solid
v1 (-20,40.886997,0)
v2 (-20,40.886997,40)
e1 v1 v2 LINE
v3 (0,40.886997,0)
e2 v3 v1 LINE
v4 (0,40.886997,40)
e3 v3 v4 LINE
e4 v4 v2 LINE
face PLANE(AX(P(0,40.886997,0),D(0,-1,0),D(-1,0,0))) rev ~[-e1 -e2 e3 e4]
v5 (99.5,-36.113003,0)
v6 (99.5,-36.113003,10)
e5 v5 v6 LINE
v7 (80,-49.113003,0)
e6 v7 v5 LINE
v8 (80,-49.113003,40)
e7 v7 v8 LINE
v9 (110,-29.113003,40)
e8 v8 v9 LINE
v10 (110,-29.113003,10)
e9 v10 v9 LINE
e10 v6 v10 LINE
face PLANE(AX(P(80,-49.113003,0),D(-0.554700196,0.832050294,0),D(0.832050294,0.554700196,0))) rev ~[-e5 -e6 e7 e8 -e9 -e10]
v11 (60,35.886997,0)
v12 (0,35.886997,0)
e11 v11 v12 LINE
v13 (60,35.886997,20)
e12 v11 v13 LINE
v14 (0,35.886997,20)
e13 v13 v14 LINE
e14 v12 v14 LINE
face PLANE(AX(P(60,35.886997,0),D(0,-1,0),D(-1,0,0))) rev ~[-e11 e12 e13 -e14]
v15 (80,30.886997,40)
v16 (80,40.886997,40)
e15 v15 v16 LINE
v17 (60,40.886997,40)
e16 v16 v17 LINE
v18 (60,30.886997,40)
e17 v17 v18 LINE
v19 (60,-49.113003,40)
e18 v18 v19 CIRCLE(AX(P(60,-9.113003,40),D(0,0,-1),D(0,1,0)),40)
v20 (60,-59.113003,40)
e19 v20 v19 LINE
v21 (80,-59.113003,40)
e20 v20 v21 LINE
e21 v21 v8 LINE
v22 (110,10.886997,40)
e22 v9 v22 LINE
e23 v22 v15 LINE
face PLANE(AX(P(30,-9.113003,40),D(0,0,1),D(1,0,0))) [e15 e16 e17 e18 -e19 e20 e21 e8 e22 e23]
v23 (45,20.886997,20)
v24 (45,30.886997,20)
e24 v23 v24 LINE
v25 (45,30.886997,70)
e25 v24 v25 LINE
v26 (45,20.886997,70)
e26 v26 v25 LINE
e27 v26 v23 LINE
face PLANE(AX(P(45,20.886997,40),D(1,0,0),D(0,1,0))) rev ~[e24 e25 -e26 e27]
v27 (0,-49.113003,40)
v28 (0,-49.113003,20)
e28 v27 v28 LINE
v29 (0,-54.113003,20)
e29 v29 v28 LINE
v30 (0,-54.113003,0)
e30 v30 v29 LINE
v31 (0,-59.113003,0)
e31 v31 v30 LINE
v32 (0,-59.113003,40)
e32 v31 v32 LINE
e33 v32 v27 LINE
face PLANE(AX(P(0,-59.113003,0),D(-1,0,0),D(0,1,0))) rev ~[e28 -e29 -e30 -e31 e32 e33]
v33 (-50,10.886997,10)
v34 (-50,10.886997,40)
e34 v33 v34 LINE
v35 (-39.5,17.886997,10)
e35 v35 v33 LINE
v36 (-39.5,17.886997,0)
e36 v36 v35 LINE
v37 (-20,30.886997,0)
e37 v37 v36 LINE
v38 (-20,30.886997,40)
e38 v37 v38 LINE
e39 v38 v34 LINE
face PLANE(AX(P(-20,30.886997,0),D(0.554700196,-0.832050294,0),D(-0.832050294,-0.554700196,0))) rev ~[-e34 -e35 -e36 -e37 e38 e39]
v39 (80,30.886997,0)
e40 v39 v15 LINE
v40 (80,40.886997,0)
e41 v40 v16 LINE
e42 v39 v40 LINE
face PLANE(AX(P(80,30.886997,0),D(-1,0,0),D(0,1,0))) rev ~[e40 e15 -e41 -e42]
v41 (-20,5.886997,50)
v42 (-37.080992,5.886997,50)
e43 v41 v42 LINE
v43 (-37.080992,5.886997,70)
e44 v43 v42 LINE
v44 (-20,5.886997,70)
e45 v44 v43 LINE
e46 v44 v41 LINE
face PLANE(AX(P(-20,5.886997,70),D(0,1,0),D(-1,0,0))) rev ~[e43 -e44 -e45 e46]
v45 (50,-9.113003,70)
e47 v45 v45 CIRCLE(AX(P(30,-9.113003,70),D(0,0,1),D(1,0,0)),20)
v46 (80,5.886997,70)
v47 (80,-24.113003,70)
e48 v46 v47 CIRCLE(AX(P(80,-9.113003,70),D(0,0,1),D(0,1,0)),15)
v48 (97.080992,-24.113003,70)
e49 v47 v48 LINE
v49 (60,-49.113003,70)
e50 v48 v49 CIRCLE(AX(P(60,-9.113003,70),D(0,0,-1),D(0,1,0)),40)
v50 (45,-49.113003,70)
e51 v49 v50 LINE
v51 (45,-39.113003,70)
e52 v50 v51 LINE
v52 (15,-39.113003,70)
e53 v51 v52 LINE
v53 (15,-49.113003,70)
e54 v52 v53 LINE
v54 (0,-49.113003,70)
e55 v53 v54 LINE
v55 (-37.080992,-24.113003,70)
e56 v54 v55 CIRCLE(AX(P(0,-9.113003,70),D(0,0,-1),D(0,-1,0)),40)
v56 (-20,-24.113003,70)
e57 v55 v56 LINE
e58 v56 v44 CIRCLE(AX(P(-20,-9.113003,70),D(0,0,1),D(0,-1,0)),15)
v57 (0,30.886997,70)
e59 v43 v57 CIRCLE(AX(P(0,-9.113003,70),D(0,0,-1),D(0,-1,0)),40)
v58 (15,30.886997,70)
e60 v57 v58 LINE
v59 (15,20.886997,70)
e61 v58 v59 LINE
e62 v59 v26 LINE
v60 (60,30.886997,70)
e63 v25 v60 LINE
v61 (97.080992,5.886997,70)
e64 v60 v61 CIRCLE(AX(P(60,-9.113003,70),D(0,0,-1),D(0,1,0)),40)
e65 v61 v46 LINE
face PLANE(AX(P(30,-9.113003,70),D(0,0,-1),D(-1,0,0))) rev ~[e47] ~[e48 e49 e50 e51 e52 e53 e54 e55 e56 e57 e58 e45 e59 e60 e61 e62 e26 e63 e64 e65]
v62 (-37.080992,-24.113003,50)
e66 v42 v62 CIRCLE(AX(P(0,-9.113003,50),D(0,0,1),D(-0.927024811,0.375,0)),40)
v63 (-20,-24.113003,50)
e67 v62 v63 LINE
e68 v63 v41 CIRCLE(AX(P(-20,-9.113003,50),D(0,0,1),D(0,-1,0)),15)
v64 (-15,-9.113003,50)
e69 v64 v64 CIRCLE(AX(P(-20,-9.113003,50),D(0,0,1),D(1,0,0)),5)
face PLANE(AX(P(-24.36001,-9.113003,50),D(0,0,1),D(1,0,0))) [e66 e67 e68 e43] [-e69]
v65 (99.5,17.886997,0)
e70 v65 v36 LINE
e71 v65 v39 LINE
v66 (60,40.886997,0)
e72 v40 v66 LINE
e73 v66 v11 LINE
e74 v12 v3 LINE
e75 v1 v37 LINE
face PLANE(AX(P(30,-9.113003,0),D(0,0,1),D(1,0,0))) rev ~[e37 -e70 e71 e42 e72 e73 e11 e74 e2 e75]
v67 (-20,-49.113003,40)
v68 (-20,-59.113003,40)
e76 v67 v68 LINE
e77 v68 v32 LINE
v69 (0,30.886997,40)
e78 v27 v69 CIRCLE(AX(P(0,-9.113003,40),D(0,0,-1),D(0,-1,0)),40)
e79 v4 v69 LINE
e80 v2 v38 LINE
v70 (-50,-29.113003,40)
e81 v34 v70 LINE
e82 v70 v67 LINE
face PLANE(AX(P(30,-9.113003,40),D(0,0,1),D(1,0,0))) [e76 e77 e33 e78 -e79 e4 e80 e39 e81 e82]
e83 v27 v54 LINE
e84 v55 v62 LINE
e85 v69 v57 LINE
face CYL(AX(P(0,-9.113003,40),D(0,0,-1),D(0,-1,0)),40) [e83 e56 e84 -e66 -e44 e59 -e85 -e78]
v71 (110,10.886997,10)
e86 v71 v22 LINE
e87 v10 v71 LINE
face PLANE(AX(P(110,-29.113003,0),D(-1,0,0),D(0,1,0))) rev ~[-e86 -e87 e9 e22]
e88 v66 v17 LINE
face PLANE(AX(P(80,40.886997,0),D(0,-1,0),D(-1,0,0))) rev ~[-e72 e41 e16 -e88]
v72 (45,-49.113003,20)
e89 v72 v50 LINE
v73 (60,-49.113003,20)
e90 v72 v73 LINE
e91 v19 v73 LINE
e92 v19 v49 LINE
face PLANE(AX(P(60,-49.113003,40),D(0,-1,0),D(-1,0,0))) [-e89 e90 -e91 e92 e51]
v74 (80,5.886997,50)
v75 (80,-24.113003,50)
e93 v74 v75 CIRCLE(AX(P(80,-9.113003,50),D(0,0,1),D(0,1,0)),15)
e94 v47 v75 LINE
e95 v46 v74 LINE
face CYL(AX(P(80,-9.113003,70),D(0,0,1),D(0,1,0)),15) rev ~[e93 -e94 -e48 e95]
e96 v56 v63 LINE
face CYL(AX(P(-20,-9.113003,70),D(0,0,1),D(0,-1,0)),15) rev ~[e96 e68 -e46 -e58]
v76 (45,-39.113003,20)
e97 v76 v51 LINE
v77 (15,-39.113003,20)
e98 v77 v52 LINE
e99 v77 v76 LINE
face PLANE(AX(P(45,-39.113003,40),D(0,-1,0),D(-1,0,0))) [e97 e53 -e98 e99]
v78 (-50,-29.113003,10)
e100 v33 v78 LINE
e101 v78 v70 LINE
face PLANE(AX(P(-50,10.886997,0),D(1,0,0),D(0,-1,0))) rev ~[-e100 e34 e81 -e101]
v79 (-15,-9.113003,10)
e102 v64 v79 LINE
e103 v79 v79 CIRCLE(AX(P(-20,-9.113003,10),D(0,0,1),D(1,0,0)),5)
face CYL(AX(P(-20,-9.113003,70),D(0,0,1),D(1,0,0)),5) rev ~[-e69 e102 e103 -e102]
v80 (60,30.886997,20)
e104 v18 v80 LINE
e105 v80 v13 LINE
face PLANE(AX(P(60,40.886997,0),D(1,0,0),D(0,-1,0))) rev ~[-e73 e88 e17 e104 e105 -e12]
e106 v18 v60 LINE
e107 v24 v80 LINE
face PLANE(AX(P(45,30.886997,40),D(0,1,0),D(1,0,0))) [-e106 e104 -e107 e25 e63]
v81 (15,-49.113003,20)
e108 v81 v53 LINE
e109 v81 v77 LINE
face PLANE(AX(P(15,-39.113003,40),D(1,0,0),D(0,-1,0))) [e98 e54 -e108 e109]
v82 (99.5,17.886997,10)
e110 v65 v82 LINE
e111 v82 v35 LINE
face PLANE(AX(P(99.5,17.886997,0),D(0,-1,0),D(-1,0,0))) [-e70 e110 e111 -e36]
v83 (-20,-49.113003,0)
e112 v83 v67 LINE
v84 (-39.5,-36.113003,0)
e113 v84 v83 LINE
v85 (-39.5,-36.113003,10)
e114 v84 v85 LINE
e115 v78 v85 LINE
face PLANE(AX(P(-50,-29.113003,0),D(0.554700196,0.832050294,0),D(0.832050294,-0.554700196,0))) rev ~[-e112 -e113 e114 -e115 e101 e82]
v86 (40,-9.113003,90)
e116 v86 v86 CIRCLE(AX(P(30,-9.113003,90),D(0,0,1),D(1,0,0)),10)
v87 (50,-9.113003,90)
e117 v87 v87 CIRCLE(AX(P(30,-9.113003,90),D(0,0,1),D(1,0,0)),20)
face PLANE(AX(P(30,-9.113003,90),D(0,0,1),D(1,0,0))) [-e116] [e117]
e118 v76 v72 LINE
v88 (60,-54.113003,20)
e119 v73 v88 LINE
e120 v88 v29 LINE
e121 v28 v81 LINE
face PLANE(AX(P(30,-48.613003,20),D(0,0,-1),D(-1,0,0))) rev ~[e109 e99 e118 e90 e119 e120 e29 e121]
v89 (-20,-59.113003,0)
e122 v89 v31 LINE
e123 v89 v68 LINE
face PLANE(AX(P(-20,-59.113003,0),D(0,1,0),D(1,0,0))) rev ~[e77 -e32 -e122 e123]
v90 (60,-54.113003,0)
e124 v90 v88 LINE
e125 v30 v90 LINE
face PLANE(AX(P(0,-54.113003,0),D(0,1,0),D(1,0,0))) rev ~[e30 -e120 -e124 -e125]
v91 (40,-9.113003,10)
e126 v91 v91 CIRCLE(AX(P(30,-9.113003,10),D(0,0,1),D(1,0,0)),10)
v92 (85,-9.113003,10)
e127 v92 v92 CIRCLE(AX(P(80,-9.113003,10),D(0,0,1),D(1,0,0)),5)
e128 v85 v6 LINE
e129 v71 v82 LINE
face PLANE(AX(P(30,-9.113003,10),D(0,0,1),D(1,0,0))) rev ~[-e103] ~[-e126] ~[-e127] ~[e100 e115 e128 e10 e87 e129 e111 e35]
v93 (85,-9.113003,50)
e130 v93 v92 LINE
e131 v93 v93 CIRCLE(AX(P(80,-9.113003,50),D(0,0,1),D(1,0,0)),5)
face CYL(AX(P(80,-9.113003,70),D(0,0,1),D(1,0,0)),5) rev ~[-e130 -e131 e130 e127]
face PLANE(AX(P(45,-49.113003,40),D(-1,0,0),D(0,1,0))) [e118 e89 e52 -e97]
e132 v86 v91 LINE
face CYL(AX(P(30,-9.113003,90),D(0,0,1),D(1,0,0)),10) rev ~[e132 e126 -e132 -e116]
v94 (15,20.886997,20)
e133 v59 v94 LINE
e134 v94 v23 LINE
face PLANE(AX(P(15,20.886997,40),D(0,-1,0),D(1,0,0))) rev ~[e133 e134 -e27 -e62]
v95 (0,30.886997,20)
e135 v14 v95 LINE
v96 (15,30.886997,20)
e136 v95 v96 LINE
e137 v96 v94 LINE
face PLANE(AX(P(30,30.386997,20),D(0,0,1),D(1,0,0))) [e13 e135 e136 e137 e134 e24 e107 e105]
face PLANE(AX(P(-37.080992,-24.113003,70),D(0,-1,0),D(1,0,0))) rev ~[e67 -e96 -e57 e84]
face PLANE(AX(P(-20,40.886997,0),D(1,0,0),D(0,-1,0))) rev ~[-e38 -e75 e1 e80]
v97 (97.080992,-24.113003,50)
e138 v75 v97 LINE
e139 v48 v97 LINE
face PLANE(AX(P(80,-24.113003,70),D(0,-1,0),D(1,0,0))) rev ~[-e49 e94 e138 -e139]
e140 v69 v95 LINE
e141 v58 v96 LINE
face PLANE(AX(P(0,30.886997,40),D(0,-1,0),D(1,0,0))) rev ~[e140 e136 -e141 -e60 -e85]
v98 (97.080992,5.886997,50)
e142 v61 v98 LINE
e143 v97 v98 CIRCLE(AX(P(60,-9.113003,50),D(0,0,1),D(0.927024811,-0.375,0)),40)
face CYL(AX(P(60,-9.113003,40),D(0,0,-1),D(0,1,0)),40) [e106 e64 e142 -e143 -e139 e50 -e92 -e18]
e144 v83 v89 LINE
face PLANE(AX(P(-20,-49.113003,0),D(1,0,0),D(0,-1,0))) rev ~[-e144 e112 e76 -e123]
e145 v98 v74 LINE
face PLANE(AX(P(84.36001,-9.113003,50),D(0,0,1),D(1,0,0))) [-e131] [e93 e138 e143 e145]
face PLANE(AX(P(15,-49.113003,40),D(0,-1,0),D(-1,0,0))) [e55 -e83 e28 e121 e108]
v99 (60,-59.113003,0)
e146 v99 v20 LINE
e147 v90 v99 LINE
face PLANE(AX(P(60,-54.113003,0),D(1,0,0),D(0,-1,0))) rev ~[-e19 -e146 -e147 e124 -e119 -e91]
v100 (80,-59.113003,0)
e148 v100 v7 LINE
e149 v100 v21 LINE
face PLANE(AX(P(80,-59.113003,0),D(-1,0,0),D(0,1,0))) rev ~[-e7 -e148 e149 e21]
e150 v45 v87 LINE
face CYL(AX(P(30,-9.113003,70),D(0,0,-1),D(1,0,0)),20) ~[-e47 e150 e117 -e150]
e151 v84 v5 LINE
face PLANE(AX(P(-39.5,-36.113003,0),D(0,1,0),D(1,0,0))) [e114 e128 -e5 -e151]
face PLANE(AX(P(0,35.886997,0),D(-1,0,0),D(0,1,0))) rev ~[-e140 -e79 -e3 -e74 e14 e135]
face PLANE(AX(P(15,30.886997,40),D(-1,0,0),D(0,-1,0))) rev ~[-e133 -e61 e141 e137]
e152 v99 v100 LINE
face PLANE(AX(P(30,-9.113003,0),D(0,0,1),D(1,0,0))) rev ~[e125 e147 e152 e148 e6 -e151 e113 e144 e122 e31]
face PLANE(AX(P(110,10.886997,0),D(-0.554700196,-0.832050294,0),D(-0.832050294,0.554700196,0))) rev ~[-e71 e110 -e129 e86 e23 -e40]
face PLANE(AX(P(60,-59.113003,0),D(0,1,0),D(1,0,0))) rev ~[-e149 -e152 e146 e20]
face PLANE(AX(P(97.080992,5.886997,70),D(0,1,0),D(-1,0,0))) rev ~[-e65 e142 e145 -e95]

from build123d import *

# Parameters (mm, degrees)
BOSS_EXTRUDE1_DEPTH = 40
BOSS_EXTRUDE2_DEPTH = 30
SKETCH3_R           = 20
BOSS_EXTRUDE3_DEPTH = 20
SKETCH4_R           = 10
CUT_EXTRUDE1_DEPTH  = 185
SKETCH5_R           = 5
CUT_EXTRUDE2_DEPTH  = 185
SKETCH6_R           = 5
CUT_EXTRUDE3_DEPTH  = 20
CUT_EXTRUDE4_DEPTH  = 20
CUT_EXTRUDE5_DEPTH  = 20
CUT_EXTRUDE7_DEPTH  = 10


with BuildPart() as part:
    # Sketch1 → Boss-Extrude1 (new body)
    with BuildSketch(Plane.XY):
        Polygon((0, 40.88699749), (-20, 40.88699749), (-20, 30.88699749), (-50, 10.88699749), (-50, -29.11300251), (-20, -49.11300251), (-20, -59.11300251), (0, -59.11300251), (0, -54.11300251), (60, -54.11300251), (60, -59.11300251), (80, -59.11300251), (80, -49.11300251), (110, -29.11300251), (110, 10.88699749), (80, 30.88699749), (80, 40.88699749), (60, 40.88699749), (60, 35.88699749), (0, 35.88699749), align=None)
    extrude(amount=BOSS_EXTRUDE1_DEPTH)

    # Sketch2 → Boss-Extrude2 (add)
    with BuildSketch(Plane.XY.offset(40)):
        with BuildLine():
            Line((0, 30.88699749), (15, 30.88699749))
            Line((15, 30.88699749), (15, 20.88699749))
            Line((15, 20.88699749), (45, 20.88699749))
            Line((45, 20.88699749), (45, 30.88699749))
            Line((45, 30.88699749), (60, 30.88699749))
            ThreePointArc((60, 30.88699749), (100, -9.11300251), (60, -49.11300251))
            Line((60, -49.11300251), (45, -49.11300251))
            Line((45, -49.11300251), (45, -39.11300251))
            Line((45, -39.11300251), (15, -39.11300251))
            Line((15, -39.11300251), (15, -49.11300251))
            Line((15, -49.11300251), (0, -49.11300251))
            ThreePointArc((0, -49.11300251), (-40, -9.11300251), (0, 30.88699749))
        make_face()
    extrude(amount=BOSS_EXTRUDE2_DEPTH)

    # Sketch3 → Boss-Extrude3 (add)
    with BuildSketch(Plane.XY.offset(70)):
        with Locations((30, -9.11300251)):
            Circle(SKETCH3_R)
    extrude(amount=BOSS_EXTRUDE3_DEPTH)

    # Sketch4 → Cut-Extrude1 (cut)
    with BuildSketch(Plane.XY.offset(90)):
        with Locations((30, -9.11300251)):
            Circle(SKETCH4_R)
    extrude(amount=-CUT_EXTRUDE1_DEPTH, mode=Mode.SUBTRACT)

    # Sketch5 → Cut-Extrude2 (cut)
    with BuildSketch(Plane.XY.offset(70)):
        with Locations((-20, -9.11300251)):
            Circle(SKETCH5_R)
        with Locations((80, -9.11300251)):
            Circle(SKETCH5_R)
    extrude(amount=-CUT_EXTRUDE2_DEPTH, mode=Mode.SUBTRACT)

    # Sketch6 → Cut-Extrude3 (cut)
    with BuildSketch(Plane.XY.offset(70)):
        with BuildLine():
            ThreePointArc((-20, -24.11300251), (-5, -9.11300251), (-20, 5.88699749))
            Line((-20, 5.88699749), (-37.080992435, 5.88699749))
            ThreePointArc((-37.080992435, 5.88699749), (-40, -9.11300251), (-37.080992435, -24.11300251))
            Line((-37.080992435, -24.11300251), (-20, -24.11300251))
        make_face()
        with Locations((-20, -9.11300251)):
            Circle(SKETCH6_R, mode=Mode.SUBTRACT)
        with BuildLine():
            Line((97.080992435, 5.88699749), (80, 5.88699749))
            ThreePointArc((80, 5.88699749), (65, -9.11300251), (80, -24.11300251))
            Line((80, -24.11300251), (97.080992435, -24.11300251))
            ThreePointArc((97.080992435, -24.11300251), (100, -9.11300251), (97.080992435, 5.88699749))
        make_face()
        with Locations((80, -9.11300251)):
            Circle(SKETCH6_R, mode=Mode.SUBTRACT)
    extrude(amount=-CUT_EXTRUDE3_DEPTH, mode=Mode.SUBTRACT)

    # Sketch7 → Cut-Extrude4 (cut)
    with BuildSketch(Plane.XY.offset(40)):
        Polygon((0, 35.88699749), (0, 30.88699749), (15, 30.88699749), (15, 20.88699749), (45, 20.88699749), (45, 30.88699749), (60, 30.88699749), (60, 35.88699749), align=None)
    extrude(amount=-CUT_EXTRUDE4_DEPTH, mode=Mode.SUBTRACT)

    # Sketch8 → Cut-Extrude5 (cut)
    with BuildSketch(Plane.XY.offset(40)):
        Polygon((0, -54.11300251), (0, -49.11300251), (15, -49.11300251), (15, -39.11300251), (45, -39.11300251), (45, -49.11300251), (60, -49.11300251), (60, -54.11300251), align=None)
    extrude(amount=-CUT_EXTRUDE5_DEPTH, mode=Mode.SUBTRACT)

    # Sketch9 → Cut-Extrude7 (cut)
    with BuildSketch(Plane(origin=(0, 0, 0), x_dir=(-1, 0, 0), z_dir=(0, 0, -1))):
        Polygon((-99.5, 17.88699749), (39.5, 17.88699749), (50, 10.88699749), (50, -29.11300251), (39.5, -36.11300251), (-99.5, -36.11300251), (-110, -29.11300251), (-110, 10.88699749), align=None)
    extrude(amount=-CUT_EXTRUDE7_DEPTH, mode=Mode.SUBTRACT)


solid = part.part
